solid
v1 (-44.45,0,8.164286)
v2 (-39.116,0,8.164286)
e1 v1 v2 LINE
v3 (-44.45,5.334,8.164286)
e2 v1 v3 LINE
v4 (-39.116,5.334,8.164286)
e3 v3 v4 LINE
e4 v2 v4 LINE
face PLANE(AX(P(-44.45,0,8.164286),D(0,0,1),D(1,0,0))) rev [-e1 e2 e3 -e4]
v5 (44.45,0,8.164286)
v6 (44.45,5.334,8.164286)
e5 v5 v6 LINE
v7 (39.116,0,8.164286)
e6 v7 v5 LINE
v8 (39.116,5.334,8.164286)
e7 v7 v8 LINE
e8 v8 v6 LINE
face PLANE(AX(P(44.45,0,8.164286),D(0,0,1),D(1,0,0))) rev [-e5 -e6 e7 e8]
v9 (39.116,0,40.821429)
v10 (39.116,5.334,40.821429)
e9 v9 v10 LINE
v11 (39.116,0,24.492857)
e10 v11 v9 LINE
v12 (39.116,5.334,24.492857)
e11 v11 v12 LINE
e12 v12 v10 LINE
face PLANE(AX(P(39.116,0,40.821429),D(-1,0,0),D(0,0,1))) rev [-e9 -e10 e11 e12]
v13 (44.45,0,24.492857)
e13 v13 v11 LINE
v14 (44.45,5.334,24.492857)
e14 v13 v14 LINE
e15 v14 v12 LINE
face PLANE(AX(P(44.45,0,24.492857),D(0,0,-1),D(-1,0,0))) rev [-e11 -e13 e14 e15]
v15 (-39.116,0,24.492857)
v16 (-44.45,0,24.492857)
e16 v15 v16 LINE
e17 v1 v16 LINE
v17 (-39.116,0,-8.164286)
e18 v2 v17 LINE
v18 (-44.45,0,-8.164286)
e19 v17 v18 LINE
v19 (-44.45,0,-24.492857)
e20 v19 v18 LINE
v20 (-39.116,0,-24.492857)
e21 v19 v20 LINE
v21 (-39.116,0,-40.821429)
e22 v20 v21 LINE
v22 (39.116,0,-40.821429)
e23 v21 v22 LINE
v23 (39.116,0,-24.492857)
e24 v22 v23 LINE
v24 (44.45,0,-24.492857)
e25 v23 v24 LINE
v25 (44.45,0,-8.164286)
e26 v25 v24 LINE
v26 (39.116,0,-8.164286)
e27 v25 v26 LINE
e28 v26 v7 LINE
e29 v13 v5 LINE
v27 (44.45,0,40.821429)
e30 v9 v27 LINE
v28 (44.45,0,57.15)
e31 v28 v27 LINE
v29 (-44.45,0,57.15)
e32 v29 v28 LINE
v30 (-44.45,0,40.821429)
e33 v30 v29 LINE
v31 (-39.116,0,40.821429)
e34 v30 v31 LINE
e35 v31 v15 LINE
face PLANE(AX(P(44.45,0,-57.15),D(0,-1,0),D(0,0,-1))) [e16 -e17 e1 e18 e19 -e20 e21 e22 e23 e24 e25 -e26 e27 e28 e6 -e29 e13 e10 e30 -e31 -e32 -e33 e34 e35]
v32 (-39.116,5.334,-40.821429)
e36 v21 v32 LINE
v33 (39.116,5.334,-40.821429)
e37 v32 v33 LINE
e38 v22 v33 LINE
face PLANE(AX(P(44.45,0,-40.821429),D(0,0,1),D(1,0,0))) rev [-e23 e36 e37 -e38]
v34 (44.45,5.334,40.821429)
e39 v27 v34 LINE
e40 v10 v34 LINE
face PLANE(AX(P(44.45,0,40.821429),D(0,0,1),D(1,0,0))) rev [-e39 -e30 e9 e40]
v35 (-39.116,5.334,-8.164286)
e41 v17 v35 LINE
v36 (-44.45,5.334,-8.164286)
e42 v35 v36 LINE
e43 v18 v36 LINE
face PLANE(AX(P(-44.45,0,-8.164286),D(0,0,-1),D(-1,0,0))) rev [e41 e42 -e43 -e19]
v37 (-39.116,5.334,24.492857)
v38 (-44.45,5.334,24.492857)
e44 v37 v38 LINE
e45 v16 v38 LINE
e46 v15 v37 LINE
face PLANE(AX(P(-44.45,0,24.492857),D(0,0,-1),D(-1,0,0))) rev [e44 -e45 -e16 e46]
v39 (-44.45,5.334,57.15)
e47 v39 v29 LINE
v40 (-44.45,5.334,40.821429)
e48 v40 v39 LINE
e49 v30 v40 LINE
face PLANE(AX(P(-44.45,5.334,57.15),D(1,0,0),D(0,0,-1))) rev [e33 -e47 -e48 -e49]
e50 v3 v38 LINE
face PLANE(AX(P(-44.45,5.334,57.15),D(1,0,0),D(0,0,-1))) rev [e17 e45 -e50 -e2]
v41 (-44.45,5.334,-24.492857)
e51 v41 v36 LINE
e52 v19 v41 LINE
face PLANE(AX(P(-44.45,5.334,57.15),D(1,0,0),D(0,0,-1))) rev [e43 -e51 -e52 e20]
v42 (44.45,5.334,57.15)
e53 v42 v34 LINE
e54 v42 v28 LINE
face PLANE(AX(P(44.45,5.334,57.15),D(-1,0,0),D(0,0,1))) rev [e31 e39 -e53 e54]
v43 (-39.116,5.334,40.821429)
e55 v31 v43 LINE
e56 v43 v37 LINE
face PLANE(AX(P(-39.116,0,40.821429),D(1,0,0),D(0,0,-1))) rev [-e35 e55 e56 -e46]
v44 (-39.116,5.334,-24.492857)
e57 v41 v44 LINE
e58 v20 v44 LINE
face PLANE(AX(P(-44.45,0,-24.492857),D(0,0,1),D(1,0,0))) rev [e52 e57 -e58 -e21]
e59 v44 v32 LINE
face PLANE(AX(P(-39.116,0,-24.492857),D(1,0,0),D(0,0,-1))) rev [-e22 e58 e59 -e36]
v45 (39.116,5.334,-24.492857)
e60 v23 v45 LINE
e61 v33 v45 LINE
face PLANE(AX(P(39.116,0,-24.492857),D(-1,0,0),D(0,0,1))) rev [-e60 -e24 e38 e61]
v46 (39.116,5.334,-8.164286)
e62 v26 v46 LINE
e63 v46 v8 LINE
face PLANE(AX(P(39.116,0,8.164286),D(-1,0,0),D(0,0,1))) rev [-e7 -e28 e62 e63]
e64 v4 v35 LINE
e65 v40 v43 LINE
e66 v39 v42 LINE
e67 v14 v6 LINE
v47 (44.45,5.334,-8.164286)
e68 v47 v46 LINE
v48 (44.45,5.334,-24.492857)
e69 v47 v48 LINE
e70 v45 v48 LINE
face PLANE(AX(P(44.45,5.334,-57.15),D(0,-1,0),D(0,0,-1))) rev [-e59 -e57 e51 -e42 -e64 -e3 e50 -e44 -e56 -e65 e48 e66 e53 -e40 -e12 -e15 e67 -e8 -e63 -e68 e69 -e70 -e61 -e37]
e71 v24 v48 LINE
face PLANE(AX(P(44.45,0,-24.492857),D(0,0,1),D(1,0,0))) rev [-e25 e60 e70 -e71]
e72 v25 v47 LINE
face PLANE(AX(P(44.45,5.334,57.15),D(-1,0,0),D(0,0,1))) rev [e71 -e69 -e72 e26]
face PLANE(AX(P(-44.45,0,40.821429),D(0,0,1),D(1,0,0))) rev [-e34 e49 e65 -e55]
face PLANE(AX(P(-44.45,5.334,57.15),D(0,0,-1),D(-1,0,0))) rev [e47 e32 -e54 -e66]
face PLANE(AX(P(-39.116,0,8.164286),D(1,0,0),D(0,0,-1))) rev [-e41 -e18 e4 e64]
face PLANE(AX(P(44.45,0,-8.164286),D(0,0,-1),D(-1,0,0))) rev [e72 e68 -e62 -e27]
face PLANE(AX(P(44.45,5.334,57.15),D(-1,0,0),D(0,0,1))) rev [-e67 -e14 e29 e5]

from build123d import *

# Parameters (mm, degrees)
SKETCH1_W           = 88.9
SKETCH1_H           = 114.3
BOSS_EXTRUDE1_DEPTH = 5.334
SKETCH2_W           = 5.334
SKETCH2_H           = 16.328571428
CUT_EXTRUDE1_DEPTH  = 6.334
SKETCH2_2_W         = 5.334
SKETCH2_2_H         = 16.328571428
BOSS_EXTRUDE2_DEPTH = 5.334
SKETCH2_3_W         = 5.334
SKETCH2_3_H         = 16.328571428
CUT_EXTRUDE2_DEPTH  = 6.334
CUT_EXTRUDE3_DEPTH  = 6.334


with BuildPart() as part:
    # Sketch1 → Boss-Extrude1 (new body)
    with BuildSketch(Plane(origin=(0, 0, 0), x_dir=(1, 0, 0), z_dir=(0, 1, 0))):
        Rectangle(SKETCH1_W, SKETCH1_H)
    extrude(amount=BOSS_EXTRUDE1_DEPTH)

    # Sketch2 → Cut-Extrude1 (cut, through all)
    with BuildSketch(Plane(origin=(0, 5.334, 0), x_dir=(1, 0, 0), z_dir=(0, 1, 0))):
        with Locations((41.783, -32.657142857)):
            Rectangle(SKETCH2_W, SKETCH2_H)
        with Locations((41.783, 0)):
            Rectangle(SKETCH2_W, SKETCH2_H)
        with Locations((41.783, 32.657142857)):
            Rectangle(SKETCH2_W, SKETCH2_H)
        with Locations((-41.783, 32.657142857)):
            Rectangle(SKETCH2_W, SKETCH2_H)
        with Locations((-41.783, 0)):
            Rectangle(SKETCH2_W, SKETCH2_H)
        with Locations((-41.783, -32.657142857)):
            Rectangle(SKETCH2_W, SKETCH2_H)
    extrude(amount=-CUT_EXTRUDE1_DEPTH, mode=Mode.SUBTRACT)

    # Sketch2_2 → Boss-Extrude2 (add, through all)
    with BuildSketch(Plane(origin=(0, 5.334, 0), x_dir=(1, 0, 0), z_dir=(0, 1, 0))):
        with Locations((41.783, -32.657142857)):
            Rectangle(SKETCH2_2_W, SKETCH2_2_H)
        with Locations((41.783, 0)):
            Rectangle(SKETCH2_2_W, SKETCH2_2_H)
        with Locations((41.783, 32.657142857)):
            Rectangle(SKETCH2_2_W, SKETCH2_2_H)
        with Locations((-41.783, 32.657142857)):
            Rectangle(SKETCH2_2_W, SKETCH2_2_H)
        with Locations((-41.783, 0)):
            Rectangle(SKETCH2_2_W, SKETCH2_2_H)
        with Locations((-41.783, -32.657142857)):
            Rectangle(SKETCH2_2_W, SKETCH2_2_H)
    extrude(amount=-BOSS_EXTRUDE2_DEPTH)

    # Sketch2_3 → Cut-Extrude2 (cut, through all)
    with BuildSketch(Plane(origin=(0, 5.334, 0), x_dir=(1, 0, 0), z_dir=(0, 1, 0))):
        with Locations((41.783, -32.657142857)):
            Rectangle(SKETCH2_3_W, SKETCH2_3_H)
        with Locations((41.783, 0)):
            Rectangle(SKETCH2_3_W, SKETCH2_3_H)
        with Locations((41.783, 32.657142857)):
            Rectangle(SKETCH2_3_W, SKETCH2_3_H)
        with Locations((-41.783, 32.657142857)):
            Rectangle(SKETCH2_3_W, SKETCH2_3_H)
        with Locations((-41.783, 0)):
            Rectangle(SKETCH2_3_W, SKETCH2_3_H)
        with Locations((-41.783, -32.657142857)):
            Rectangle(SKETCH2_3_W, SKETCH2_3_H)
    extrude(amount=-CUT_EXTRUDE2_DEPTH, mode=Mode.SUBTRACT)

    # Sketch3 → Cut-Extrude3 (cut, through all)
    with BuildSketch(Plane(origin=(0, 5.334, 0), x_dir=(1, 0, 0), z_dir=(0, 1, 0))):
        Polygon((44.45, 40.821428571), (-39.116, 40.821428571), (-44.45, 40.821428571), (-44.45, 57.15), (44.45, 57.15), align=None)
    extrude(amount=-CUT_EXTRUDE3_DEPTH, mode=Mode.SUBTRACT)


solid = part.part
